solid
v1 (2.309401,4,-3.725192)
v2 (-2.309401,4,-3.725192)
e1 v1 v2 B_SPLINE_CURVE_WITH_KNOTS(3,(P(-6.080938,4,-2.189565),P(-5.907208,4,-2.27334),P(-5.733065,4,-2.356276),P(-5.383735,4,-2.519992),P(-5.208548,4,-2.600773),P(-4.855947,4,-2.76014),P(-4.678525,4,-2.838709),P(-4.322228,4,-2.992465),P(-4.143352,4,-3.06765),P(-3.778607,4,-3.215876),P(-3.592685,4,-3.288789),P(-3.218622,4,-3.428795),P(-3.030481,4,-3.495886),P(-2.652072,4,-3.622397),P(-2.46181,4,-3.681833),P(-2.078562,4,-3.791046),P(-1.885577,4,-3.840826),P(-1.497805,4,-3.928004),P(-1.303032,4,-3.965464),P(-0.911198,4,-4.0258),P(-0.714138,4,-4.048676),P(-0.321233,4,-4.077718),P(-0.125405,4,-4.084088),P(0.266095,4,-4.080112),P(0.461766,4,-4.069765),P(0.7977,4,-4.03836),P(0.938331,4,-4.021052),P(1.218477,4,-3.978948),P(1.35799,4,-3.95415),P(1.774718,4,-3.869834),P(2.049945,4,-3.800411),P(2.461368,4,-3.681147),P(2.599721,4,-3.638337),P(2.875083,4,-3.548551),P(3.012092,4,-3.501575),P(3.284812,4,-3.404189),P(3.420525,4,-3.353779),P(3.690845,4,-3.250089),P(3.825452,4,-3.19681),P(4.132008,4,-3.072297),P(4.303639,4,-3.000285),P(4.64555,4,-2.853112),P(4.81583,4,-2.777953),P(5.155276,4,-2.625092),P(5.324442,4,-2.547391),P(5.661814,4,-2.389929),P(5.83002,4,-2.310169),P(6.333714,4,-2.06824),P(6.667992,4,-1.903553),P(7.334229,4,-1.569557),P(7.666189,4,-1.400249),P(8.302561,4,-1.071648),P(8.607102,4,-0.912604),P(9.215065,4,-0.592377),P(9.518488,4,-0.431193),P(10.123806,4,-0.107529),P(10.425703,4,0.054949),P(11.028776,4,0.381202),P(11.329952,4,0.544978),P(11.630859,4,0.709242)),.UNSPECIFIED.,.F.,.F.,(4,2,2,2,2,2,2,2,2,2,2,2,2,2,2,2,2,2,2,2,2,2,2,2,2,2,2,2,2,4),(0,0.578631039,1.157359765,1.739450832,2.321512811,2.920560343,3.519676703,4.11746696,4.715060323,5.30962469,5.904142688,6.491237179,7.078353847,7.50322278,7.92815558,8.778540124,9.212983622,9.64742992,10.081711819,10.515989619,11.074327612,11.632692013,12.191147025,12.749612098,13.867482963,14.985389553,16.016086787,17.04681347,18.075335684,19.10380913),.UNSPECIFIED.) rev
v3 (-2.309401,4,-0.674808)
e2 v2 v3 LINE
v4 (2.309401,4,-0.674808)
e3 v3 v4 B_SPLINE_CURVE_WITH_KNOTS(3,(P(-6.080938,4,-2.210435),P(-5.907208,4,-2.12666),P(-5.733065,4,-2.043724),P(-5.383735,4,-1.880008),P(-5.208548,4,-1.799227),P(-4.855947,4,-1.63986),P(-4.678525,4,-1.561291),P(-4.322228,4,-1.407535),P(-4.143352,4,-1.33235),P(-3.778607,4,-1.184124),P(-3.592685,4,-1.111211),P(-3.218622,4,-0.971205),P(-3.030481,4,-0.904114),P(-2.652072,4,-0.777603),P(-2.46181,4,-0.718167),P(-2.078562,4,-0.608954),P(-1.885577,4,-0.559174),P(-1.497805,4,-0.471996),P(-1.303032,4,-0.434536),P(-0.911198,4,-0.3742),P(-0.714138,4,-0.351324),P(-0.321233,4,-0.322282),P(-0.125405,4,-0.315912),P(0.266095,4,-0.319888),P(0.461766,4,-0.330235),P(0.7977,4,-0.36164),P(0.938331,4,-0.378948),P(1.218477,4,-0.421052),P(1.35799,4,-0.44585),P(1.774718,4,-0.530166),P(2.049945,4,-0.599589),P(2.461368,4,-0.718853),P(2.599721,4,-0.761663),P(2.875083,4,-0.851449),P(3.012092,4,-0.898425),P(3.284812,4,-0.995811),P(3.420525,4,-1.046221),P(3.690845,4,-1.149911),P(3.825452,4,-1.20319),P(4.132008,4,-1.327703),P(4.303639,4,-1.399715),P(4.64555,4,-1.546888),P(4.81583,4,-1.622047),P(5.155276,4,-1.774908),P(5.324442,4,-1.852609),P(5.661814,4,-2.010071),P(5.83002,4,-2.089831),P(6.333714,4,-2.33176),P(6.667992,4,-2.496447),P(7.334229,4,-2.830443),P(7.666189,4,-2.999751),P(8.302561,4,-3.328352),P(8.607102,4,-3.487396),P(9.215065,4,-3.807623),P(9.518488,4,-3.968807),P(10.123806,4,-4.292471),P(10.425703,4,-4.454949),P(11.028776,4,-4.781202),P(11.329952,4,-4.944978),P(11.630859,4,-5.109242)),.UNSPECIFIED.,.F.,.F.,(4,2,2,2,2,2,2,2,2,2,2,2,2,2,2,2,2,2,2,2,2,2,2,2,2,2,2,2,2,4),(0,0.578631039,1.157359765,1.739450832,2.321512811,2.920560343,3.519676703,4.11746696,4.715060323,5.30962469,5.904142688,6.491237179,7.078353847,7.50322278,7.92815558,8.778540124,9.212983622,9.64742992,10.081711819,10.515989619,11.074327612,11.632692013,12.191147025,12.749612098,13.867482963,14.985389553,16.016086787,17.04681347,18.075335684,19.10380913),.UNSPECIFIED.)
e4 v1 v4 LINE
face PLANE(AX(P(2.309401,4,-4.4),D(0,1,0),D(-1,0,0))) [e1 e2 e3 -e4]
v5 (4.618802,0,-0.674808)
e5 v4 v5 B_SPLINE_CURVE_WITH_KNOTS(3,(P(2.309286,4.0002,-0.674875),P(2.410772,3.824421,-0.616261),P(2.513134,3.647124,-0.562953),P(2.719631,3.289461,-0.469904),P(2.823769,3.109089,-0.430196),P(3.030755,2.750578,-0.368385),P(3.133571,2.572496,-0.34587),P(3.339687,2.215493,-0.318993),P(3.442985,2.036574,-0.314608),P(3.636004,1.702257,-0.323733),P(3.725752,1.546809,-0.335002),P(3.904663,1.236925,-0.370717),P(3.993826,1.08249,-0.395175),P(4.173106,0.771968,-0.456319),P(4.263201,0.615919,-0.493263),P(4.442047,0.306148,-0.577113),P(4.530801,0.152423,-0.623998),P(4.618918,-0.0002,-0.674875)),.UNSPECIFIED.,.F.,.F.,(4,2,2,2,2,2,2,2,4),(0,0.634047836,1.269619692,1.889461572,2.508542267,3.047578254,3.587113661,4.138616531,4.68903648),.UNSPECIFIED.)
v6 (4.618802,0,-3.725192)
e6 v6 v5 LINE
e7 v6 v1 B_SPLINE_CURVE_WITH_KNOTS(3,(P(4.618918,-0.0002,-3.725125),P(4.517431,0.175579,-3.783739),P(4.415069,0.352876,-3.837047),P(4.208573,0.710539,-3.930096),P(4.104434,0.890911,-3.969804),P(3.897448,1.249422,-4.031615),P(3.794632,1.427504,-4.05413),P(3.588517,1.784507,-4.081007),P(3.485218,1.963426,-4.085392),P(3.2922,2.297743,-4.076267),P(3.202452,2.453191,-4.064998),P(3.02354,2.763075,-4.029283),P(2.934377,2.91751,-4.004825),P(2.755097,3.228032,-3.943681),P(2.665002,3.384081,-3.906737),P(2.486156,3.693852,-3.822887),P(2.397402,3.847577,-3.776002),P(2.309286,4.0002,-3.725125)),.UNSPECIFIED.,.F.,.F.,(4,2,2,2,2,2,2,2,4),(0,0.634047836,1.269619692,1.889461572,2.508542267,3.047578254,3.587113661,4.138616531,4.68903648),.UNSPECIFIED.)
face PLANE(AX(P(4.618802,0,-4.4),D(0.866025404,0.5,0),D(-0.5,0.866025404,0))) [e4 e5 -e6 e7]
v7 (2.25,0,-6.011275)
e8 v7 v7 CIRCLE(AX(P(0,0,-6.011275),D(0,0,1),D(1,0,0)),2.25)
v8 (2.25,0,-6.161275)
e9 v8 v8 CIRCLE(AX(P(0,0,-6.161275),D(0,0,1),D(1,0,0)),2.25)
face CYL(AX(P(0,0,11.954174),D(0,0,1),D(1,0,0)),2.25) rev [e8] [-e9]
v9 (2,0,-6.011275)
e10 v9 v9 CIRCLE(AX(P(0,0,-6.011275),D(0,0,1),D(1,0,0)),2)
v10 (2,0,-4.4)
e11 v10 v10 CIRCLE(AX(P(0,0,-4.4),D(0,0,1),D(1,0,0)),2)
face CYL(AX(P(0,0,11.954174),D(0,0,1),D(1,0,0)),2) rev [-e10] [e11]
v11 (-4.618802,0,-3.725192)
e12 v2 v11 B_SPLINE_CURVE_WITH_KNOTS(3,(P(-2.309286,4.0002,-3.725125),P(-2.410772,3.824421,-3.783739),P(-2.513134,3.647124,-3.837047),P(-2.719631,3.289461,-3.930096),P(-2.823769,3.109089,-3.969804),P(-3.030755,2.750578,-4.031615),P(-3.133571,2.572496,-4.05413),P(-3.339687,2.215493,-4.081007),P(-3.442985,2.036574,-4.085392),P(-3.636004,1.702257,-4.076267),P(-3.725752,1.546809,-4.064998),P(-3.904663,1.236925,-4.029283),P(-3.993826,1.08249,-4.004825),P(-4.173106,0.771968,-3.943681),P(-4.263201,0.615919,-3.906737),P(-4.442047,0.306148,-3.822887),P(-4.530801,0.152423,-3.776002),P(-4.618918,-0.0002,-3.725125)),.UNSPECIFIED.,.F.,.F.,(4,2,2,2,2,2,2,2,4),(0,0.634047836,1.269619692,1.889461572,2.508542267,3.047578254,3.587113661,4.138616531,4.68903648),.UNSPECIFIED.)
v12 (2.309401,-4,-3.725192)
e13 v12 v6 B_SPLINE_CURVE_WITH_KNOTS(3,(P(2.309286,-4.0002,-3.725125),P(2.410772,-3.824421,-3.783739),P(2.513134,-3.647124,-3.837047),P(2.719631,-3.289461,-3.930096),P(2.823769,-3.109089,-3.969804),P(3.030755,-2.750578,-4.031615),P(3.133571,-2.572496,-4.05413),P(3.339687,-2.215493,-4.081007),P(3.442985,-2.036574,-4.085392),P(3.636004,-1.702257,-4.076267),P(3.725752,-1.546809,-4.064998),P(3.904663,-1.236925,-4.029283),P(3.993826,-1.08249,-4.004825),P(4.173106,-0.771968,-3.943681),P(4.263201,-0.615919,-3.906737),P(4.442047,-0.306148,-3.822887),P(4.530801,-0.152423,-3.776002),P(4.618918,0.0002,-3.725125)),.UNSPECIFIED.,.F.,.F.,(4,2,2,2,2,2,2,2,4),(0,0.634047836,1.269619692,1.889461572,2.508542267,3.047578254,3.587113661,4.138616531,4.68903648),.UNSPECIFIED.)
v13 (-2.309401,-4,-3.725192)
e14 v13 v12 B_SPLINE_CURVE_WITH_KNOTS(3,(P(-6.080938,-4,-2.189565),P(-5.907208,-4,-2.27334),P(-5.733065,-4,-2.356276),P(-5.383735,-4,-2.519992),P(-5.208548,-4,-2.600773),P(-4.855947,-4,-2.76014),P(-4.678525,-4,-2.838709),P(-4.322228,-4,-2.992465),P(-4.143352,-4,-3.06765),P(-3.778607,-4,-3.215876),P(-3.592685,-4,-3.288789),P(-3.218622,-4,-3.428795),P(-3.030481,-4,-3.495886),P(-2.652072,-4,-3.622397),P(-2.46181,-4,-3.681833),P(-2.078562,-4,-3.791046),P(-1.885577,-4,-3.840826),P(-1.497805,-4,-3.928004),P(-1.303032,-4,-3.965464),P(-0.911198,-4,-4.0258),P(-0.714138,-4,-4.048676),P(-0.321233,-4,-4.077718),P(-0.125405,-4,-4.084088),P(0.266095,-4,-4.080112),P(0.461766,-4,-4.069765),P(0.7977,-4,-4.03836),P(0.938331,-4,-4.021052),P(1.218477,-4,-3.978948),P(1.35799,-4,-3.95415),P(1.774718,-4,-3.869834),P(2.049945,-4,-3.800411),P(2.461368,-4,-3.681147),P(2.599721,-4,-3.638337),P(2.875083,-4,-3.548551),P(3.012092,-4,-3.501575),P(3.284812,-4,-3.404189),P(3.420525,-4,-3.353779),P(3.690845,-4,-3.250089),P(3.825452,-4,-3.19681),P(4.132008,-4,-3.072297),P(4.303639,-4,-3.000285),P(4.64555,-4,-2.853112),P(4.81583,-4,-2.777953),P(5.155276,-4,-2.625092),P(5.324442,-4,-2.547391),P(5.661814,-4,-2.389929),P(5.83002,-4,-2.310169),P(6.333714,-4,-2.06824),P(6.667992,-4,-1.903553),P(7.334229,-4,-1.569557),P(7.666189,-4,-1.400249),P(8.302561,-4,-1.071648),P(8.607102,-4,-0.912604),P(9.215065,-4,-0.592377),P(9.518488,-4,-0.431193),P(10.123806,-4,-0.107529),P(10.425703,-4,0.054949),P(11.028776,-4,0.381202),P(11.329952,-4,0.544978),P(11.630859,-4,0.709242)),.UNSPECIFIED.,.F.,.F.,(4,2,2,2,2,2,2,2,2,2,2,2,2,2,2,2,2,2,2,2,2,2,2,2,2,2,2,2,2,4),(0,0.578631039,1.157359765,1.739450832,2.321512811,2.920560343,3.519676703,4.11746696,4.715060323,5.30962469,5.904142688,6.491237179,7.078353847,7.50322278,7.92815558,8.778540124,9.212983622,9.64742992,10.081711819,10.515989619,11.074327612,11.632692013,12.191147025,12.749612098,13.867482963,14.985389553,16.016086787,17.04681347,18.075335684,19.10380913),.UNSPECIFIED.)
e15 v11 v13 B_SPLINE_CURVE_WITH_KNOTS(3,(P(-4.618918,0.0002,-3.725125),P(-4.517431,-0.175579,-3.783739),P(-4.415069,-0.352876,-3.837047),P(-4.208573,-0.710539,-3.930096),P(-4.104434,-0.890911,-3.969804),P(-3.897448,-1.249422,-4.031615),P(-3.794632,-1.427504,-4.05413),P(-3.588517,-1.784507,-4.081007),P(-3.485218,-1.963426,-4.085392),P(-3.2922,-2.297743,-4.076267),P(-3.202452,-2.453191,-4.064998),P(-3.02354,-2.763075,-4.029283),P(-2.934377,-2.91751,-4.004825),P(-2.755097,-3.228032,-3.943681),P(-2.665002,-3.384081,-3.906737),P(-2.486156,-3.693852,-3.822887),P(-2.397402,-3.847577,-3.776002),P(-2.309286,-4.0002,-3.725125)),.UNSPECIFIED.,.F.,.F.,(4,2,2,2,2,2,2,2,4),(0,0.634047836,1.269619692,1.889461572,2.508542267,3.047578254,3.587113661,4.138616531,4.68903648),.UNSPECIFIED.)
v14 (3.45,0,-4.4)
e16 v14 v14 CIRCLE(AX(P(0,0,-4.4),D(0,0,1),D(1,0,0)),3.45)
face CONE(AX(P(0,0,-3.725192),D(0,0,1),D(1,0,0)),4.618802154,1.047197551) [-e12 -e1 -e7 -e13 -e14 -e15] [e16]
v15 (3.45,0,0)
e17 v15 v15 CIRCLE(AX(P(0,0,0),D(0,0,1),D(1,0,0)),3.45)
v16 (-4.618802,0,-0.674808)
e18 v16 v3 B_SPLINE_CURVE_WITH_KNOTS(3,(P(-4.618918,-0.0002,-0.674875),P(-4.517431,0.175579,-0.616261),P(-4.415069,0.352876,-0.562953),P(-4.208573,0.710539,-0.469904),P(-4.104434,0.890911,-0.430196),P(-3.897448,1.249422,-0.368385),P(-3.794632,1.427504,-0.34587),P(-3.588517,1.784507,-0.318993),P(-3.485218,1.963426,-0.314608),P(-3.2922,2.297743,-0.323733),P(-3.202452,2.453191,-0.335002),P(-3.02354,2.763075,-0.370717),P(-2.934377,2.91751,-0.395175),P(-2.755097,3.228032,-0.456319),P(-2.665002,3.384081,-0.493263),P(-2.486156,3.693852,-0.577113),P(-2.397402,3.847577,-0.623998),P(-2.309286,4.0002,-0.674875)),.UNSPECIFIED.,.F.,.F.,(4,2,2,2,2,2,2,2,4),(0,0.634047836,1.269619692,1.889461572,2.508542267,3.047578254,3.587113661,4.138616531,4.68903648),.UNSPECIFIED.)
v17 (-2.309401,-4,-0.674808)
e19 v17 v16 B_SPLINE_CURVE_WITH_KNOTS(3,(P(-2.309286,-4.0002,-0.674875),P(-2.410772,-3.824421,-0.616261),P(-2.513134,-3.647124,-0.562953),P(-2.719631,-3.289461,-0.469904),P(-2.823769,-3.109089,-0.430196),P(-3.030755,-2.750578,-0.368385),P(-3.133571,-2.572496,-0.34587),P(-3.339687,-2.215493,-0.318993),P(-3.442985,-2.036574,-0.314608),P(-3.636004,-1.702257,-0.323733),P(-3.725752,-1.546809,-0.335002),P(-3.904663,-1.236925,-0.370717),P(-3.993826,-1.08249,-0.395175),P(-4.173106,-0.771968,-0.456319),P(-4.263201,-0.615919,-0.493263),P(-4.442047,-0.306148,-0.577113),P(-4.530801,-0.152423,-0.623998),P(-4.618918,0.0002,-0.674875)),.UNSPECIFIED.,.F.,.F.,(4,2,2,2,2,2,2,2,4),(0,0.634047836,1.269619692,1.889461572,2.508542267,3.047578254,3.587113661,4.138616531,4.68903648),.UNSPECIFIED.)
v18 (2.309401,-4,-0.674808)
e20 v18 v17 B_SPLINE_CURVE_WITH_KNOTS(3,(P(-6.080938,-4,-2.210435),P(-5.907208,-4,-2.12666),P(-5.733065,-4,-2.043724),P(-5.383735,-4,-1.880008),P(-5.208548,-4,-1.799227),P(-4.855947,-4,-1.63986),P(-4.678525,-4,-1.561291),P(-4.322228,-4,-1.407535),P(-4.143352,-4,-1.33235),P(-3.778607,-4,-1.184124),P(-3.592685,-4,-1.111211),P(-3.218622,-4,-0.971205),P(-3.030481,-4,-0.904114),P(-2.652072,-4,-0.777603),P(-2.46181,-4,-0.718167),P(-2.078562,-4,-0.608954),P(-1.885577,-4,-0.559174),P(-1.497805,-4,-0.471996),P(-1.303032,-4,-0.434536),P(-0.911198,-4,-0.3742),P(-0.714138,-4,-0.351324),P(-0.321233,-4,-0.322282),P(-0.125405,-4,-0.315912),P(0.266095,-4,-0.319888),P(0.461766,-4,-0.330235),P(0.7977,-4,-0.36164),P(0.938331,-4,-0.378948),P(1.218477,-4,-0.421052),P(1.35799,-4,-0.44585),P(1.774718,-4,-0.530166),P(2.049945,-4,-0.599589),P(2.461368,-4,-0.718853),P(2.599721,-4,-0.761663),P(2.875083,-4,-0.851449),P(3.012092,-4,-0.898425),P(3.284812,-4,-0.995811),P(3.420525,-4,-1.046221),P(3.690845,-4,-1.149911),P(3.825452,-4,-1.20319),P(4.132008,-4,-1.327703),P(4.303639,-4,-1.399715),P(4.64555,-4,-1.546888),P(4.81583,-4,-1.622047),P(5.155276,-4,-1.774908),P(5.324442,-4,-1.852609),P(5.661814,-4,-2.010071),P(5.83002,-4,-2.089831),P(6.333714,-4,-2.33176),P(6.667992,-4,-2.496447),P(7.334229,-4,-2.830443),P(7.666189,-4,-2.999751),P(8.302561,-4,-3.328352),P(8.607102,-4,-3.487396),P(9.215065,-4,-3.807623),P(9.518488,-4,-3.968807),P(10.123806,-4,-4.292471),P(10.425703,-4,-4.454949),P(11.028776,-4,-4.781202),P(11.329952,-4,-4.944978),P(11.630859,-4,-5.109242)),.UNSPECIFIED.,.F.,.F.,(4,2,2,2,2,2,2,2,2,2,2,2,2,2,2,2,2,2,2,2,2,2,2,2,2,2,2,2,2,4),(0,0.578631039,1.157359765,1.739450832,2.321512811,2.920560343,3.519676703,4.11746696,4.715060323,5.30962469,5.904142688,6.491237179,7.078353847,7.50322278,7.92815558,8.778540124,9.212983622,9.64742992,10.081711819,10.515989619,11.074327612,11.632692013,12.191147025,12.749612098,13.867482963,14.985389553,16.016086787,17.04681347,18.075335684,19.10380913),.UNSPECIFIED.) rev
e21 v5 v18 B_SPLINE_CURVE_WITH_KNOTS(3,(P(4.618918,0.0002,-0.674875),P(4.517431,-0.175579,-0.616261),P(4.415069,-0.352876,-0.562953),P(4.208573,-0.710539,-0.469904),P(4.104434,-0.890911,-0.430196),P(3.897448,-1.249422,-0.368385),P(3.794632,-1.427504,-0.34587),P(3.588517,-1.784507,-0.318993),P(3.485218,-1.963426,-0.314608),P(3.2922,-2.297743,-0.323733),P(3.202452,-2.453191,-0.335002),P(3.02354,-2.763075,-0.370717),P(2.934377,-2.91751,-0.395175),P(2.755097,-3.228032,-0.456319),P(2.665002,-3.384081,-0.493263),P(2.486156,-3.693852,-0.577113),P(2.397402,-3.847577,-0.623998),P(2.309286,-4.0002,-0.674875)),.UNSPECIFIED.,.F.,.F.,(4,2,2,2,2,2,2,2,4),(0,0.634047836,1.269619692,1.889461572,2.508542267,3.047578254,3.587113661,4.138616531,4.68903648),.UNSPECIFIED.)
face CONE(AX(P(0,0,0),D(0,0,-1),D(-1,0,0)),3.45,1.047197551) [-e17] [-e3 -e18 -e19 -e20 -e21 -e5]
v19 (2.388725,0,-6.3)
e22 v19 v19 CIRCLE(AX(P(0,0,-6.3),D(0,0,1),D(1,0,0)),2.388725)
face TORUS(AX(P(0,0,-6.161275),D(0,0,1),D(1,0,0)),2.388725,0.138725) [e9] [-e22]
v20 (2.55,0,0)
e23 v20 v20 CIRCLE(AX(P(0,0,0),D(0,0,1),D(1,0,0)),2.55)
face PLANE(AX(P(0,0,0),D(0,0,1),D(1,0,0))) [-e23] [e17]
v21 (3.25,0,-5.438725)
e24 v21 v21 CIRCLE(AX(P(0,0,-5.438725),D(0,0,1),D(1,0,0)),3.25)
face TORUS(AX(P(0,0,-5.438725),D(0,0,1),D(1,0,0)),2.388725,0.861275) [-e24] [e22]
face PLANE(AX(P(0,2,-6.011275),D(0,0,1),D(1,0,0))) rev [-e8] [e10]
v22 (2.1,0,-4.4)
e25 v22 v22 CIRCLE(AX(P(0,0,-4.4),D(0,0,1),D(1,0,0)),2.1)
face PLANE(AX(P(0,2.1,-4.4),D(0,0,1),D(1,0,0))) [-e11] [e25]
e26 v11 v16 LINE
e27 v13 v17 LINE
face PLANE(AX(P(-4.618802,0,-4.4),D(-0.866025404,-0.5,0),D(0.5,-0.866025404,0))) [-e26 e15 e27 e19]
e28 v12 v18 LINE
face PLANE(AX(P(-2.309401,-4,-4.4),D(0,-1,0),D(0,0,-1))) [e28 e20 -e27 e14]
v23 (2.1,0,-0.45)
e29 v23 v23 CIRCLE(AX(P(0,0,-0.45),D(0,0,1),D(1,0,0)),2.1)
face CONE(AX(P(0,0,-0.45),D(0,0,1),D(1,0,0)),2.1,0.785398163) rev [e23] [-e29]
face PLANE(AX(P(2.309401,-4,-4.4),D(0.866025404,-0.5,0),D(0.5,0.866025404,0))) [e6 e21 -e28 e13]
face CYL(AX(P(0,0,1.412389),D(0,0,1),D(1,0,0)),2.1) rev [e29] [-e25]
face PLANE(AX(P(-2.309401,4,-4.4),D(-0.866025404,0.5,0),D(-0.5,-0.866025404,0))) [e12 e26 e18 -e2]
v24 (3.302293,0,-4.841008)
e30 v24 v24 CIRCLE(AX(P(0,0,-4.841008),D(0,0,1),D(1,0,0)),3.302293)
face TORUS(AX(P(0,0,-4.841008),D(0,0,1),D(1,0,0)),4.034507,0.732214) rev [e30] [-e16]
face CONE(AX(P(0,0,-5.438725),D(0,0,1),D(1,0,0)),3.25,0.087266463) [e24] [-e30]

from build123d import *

# Parameters (mm, degrees)
BOSS_EXTRUDE1_DEPTH = 4.4


with BuildPart() as part:
    # Sketch1 → Boss-Extrude1 (new body)
    with BuildSketch(Plane.XY):
        Polygon((4.618802154, 0), (2.309401077, 4), (-2.309401077, 4), (-4.618802154, 0), (-2.309401077, -4), (2.309401077, -4), align=None)
    extrude(amount=-BOSS_EXTRUDE1_DEPTH)

    # Sketch2 → Revolve1 (revolve)
    with BuildSketch(Plane(origin=(0, 0, 0), x_dir=(0, 0, -1), z_dir=(1, 0, 0))):
        with BuildLine():
            Line((4.4, 2), (6.011274944, 2))
            Line((6.011274944, 2), (6.011274944, 2.25))
            Line((6.011274944, 2.25), (6.161274944, 2.25))
            ThreePointArc((6.161274944, 2.25), (6.259368372, 2.290631628), (6.3, 2.388725056))
            ThreePointArc((6.3, 2.388725056), (6.04773841, 2.99773841), (5.438725056, 3.25))
            Line((5.438725056, 3.25), (4.841008238, 3.302293446))
            ThreePointArc((4.841008238, 3.302293446), (4.608464966, 3.340201362), (4.4, 3.45))
            Line((4.4, 3.45), (4.4, 2))
        make_face()
    revolve(axis=Axis((0, 0, 11.954173971), (0, 0, -1)))

    # Sketch3 → Cut-Revolve1 (revolve, cut)
    with BuildSketch(Plane(origin=(0, 0, 0), x_dir=(1, 0, 0), z_dir=(0, 1, 0))):
        Polygon((-3.45, 4.4), (-4.618802154, 3.725191762), (-4.618802154, 4.4), align=None)
        Polygon((-3.45, 0), (-4.618802154, 0.674808238), (-4.618802154, 0), align=None)
    revolve(axis=Axis((0, 0, 0), (0, 0, -1)), mode=Mode.SUBTRACT)

    # Sketch4 → Cut-Revolve2 (revolve, cut)
    with BuildSketch(Plane(origin=(0, 0, 0), x_dir=(0, 0, -1), z_dir=(1, 0, 0))):
        Polygon((0, 2.55), (0.45, 2.1), (4.4, 2.1), (4.4, 0), (0, 0), align=None)
    revolve(axis=Axis((0, 0, 1.412389309), (0, 0, -1)), mode=Mode.SUBTRACT)


solid = part.part
